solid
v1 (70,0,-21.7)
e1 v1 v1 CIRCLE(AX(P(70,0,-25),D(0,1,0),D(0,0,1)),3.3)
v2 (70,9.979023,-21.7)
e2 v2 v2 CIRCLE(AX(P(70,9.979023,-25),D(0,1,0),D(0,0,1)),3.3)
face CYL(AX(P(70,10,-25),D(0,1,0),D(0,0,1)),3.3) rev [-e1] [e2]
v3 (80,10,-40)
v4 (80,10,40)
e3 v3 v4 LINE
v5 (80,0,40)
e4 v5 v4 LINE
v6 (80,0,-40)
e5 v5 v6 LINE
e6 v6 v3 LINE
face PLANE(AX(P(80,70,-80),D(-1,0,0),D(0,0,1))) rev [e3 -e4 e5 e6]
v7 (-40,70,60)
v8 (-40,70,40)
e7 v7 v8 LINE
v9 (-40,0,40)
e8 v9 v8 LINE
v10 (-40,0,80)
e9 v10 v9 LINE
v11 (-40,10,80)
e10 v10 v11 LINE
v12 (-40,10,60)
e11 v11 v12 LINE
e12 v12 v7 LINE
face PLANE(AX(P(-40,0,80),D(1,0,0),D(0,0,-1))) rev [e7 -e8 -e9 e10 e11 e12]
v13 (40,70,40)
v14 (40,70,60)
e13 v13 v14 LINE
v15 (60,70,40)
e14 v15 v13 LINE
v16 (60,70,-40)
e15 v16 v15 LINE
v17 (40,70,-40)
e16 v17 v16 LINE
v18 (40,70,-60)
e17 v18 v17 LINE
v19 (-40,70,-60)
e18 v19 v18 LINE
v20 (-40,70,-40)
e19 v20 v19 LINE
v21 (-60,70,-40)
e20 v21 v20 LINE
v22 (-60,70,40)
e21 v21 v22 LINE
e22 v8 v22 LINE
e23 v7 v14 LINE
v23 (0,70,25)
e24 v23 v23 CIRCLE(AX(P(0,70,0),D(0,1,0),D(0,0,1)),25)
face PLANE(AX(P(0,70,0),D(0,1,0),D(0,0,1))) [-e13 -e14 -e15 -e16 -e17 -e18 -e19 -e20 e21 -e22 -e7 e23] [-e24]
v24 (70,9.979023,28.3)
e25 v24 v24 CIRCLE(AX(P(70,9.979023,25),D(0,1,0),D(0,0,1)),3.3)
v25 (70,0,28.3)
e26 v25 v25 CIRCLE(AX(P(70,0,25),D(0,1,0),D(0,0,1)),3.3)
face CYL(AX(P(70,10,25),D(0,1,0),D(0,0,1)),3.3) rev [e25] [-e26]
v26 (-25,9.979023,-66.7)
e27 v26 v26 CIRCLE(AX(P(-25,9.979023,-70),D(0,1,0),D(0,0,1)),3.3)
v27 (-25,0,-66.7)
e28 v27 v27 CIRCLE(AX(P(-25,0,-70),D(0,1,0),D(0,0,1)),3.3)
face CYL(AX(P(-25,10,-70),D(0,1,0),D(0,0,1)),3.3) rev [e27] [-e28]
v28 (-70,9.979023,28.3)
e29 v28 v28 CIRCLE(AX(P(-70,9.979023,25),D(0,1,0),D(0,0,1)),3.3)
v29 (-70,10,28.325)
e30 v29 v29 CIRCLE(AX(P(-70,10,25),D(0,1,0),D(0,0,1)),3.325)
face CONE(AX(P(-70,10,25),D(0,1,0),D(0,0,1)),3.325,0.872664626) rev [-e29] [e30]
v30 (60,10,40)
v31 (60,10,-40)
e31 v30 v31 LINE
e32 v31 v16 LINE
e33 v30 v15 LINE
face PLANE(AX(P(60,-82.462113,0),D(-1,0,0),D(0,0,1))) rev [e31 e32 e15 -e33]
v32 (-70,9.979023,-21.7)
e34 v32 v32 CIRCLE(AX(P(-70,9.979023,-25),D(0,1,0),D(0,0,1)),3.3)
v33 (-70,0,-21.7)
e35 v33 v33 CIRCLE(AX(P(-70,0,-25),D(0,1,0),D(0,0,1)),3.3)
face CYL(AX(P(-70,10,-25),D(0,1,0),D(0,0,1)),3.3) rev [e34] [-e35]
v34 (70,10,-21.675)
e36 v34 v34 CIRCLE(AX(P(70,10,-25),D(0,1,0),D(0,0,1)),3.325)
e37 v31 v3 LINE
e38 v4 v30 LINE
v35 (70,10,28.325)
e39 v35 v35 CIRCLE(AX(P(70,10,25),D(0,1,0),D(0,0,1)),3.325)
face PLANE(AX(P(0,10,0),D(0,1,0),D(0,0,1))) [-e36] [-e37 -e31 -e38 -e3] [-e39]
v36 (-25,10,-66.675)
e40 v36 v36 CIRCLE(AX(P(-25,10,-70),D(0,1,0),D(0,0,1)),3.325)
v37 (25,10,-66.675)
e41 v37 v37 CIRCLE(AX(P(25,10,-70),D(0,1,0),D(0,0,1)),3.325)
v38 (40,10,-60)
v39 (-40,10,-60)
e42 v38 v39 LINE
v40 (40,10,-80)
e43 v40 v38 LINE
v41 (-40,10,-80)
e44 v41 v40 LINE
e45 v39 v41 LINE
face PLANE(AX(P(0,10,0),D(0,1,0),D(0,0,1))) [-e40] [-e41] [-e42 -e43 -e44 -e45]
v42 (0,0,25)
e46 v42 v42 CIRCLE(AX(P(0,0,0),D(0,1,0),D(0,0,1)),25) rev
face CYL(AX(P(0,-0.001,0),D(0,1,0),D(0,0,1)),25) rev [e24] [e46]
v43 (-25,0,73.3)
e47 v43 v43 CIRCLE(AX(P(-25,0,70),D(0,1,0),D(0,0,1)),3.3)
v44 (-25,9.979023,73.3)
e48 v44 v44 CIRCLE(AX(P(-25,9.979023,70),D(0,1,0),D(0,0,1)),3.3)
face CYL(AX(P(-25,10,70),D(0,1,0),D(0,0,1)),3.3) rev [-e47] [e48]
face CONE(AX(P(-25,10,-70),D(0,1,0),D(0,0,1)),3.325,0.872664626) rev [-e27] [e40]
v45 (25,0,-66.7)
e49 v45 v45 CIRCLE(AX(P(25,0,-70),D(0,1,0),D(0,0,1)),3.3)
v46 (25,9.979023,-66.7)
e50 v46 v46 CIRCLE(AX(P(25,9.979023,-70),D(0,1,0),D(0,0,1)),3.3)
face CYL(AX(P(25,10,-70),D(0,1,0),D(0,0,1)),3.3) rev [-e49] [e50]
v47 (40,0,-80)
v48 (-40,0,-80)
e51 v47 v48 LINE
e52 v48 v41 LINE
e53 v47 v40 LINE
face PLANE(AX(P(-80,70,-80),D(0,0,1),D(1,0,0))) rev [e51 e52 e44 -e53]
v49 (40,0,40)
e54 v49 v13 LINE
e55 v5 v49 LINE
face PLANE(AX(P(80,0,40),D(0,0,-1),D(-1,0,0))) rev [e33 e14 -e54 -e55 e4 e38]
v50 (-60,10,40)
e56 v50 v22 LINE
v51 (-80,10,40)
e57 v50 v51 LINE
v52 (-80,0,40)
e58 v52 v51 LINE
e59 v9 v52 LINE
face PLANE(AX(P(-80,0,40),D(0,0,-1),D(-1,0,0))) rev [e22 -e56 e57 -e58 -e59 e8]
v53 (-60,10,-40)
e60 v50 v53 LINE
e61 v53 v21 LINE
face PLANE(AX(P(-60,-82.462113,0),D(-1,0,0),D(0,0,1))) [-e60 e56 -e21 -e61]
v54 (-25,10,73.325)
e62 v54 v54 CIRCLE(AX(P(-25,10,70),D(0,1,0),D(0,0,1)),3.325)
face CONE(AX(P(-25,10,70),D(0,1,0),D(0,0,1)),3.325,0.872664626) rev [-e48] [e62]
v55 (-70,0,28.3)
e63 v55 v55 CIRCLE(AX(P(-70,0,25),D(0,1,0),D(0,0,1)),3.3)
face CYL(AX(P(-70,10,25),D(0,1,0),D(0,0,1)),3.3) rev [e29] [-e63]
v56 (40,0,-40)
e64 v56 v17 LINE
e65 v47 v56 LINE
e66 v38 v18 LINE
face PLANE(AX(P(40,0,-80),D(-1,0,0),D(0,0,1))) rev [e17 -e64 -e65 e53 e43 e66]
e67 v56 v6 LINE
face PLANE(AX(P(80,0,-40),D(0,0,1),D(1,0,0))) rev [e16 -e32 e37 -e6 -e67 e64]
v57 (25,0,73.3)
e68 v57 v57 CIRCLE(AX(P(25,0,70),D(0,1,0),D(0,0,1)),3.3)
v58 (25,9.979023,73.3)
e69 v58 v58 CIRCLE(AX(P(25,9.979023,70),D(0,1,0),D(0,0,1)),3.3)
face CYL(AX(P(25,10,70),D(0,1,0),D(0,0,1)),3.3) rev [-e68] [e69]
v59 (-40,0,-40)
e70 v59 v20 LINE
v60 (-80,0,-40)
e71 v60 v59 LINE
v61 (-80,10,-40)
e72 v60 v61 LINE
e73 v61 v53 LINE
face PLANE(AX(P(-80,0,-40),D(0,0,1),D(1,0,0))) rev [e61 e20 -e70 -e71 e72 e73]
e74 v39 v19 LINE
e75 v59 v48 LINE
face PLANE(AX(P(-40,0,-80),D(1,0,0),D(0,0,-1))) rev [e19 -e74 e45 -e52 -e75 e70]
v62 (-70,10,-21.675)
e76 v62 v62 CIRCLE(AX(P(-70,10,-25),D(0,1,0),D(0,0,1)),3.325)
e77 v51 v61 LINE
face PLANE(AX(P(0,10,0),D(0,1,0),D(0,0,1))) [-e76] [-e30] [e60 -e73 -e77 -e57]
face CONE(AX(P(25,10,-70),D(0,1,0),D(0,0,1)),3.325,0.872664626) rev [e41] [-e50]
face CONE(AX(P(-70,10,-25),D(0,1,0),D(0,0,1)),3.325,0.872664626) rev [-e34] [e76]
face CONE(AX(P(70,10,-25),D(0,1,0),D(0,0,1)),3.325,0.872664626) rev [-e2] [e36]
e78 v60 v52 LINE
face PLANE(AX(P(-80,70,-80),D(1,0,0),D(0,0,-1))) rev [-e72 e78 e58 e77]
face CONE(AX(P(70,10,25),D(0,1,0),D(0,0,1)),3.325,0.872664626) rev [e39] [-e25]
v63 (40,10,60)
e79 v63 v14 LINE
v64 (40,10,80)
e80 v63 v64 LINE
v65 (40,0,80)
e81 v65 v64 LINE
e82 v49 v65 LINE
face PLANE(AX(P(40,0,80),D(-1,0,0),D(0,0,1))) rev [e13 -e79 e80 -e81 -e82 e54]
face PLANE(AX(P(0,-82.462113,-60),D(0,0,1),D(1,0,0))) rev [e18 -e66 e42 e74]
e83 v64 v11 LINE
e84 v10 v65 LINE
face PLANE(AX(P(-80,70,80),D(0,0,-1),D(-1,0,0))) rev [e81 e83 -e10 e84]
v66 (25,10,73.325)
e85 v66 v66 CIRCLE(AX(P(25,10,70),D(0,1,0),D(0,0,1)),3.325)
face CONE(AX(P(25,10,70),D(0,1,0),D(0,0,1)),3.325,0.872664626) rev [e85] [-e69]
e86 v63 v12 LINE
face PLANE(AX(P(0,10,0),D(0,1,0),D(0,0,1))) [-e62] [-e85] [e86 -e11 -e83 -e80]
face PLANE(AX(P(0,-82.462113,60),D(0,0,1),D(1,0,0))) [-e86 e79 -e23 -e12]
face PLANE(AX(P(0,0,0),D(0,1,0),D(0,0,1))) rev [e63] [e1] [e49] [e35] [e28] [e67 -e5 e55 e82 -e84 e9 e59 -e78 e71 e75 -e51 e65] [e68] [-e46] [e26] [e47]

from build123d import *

# Parameters (mm, degrees)
SKETCH1_W                      = 160
SKETCH1_H                      = 160
BOSS_EXTRUDE1_DEPTH            = 70
SKETCH2_W                      = 40
SKETCH2_H                      = 40
CUT_EXTRUDE1_DEPTH             = 134.041346957
SKETCH3_W                      = 80
SKETCH3_H                      = 20
SKETCH3_W_2                    = 20
SKETCH3_H_2                    = 80
CUT_EXTRUDE2_DEPTH             = 60
CUT_EXTRUDE3_REACH             = 135.041
SKETCH4_R                      = 25
M6_CLEARANCE_HOLE1_D           = 6.6
M6_CLEARANCE_HOLE1_CSINK_D     = 6.65
M6_CLEARANCE_HOLE1_CSINK_ANGLE = 100


with BuildPart() as part:
    # Sketch1 → Boss-Extrude1 (new body)
    with BuildSketch(Plane(origin=(0, 0, 0), x_dir=(1, 0, 0), z_dir=(0, 1, 0))):
        Rectangle(SKETCH1_W, SKETCH1_H)
    extrude(amount=BOSS_EXTRUDE1_DEPTH)

    # Sketch2 → Cut-Extrude1 (cut, through all)
    with BuildSketch(Plane(origin=(0, 70, 0), x_dir=(1, 0, 0), z_dir=(0, 1, 0))):
        with Locations((-60, 60)):
            Rectangle(SKETCH2_W, SKETCH2_H)
        with Locations((60, 60)):
            Rectangle(SKETCH2_W, SKETCH2_H)
        with Locations((-60, -60)):
            Rectangle(SKETCH2_W, SKETCH2_H)
        with Locations((60, -60)):
            Rectangle(SKETCH2_W, SKETCH2_H)
    extrude(amount=-CUT_EXTRUDE1_DEPTH, mode=Mode.SUBTRACT)

    # Sketch3 → Cut-Extrude2 (cut)
    with BuildSketch(Plane(origin=(0, 70, 0), x_dir=(1, 0, 0), z_dir=(0, 1, 0))):
        with Locations((0, 70)):
            Rectangle(SKETCH3_W, SKETCH3_H)
        with Locations((-70, 0)):
            Rectangle(SKETCH3_W_2, SKETCH3_H_2)
        with Locations((70, 0)):
            Rectangle(SKETCH3_W_2, SKETCH3_H_2)
        with Locations((0, -70)):
            Rectangle(SKETCH3_W, SKETCH3_H)
    extrude(amount=-CUT_EXTRUDE2_DEPTH, mode=Mode.SUBTRACT)

    # Sketch4 → Cut-Extrude3 (cut, up to next)
    with BuildSketch(Plane(origin=(0, 70, 0), x_dir=(1, 0, 0), z_dir=(0, 1, 0)), mode=Mode.PRIVATE) as cut_extrude3_sk1:
        with Locations(Location((0, 0, 0), (0, 0, 270))):
            Circle(SKETCH4_R)
    cut_extrude3_tool1 = extrude(cut_extrude3_sk1.sketch, amount=-CUT_EXTRUDE3_REACH, mode=Mode.PRIVATE) & part.part
    add(cut_extrude3_tool1.solids().sort_by_distance((0, 70, 0))[0], mode=Mode.SUBTRACT)

    # M6 Clearance Hole1 (through all)
    with Locations(Plane(origin=(0, 10, 0), x_dir=(1, 0, 0), z_dir=(0, 1, 0))):
        with Locations((-70, 25), (-70, -25), (-25, 70), (25, 70), (70, 25), (70, -25), (25, -70), (-25, -70)):
            CounterSinkHole(M6_CLEARANCE_HOLE1_D / 2, M6_CLEARANCE_HOLE1_CSINK_D / 2, counter_sink_angle=M6_CLEARANCE_HOLE1_CSINK_ANGLE)


solid = part.part
